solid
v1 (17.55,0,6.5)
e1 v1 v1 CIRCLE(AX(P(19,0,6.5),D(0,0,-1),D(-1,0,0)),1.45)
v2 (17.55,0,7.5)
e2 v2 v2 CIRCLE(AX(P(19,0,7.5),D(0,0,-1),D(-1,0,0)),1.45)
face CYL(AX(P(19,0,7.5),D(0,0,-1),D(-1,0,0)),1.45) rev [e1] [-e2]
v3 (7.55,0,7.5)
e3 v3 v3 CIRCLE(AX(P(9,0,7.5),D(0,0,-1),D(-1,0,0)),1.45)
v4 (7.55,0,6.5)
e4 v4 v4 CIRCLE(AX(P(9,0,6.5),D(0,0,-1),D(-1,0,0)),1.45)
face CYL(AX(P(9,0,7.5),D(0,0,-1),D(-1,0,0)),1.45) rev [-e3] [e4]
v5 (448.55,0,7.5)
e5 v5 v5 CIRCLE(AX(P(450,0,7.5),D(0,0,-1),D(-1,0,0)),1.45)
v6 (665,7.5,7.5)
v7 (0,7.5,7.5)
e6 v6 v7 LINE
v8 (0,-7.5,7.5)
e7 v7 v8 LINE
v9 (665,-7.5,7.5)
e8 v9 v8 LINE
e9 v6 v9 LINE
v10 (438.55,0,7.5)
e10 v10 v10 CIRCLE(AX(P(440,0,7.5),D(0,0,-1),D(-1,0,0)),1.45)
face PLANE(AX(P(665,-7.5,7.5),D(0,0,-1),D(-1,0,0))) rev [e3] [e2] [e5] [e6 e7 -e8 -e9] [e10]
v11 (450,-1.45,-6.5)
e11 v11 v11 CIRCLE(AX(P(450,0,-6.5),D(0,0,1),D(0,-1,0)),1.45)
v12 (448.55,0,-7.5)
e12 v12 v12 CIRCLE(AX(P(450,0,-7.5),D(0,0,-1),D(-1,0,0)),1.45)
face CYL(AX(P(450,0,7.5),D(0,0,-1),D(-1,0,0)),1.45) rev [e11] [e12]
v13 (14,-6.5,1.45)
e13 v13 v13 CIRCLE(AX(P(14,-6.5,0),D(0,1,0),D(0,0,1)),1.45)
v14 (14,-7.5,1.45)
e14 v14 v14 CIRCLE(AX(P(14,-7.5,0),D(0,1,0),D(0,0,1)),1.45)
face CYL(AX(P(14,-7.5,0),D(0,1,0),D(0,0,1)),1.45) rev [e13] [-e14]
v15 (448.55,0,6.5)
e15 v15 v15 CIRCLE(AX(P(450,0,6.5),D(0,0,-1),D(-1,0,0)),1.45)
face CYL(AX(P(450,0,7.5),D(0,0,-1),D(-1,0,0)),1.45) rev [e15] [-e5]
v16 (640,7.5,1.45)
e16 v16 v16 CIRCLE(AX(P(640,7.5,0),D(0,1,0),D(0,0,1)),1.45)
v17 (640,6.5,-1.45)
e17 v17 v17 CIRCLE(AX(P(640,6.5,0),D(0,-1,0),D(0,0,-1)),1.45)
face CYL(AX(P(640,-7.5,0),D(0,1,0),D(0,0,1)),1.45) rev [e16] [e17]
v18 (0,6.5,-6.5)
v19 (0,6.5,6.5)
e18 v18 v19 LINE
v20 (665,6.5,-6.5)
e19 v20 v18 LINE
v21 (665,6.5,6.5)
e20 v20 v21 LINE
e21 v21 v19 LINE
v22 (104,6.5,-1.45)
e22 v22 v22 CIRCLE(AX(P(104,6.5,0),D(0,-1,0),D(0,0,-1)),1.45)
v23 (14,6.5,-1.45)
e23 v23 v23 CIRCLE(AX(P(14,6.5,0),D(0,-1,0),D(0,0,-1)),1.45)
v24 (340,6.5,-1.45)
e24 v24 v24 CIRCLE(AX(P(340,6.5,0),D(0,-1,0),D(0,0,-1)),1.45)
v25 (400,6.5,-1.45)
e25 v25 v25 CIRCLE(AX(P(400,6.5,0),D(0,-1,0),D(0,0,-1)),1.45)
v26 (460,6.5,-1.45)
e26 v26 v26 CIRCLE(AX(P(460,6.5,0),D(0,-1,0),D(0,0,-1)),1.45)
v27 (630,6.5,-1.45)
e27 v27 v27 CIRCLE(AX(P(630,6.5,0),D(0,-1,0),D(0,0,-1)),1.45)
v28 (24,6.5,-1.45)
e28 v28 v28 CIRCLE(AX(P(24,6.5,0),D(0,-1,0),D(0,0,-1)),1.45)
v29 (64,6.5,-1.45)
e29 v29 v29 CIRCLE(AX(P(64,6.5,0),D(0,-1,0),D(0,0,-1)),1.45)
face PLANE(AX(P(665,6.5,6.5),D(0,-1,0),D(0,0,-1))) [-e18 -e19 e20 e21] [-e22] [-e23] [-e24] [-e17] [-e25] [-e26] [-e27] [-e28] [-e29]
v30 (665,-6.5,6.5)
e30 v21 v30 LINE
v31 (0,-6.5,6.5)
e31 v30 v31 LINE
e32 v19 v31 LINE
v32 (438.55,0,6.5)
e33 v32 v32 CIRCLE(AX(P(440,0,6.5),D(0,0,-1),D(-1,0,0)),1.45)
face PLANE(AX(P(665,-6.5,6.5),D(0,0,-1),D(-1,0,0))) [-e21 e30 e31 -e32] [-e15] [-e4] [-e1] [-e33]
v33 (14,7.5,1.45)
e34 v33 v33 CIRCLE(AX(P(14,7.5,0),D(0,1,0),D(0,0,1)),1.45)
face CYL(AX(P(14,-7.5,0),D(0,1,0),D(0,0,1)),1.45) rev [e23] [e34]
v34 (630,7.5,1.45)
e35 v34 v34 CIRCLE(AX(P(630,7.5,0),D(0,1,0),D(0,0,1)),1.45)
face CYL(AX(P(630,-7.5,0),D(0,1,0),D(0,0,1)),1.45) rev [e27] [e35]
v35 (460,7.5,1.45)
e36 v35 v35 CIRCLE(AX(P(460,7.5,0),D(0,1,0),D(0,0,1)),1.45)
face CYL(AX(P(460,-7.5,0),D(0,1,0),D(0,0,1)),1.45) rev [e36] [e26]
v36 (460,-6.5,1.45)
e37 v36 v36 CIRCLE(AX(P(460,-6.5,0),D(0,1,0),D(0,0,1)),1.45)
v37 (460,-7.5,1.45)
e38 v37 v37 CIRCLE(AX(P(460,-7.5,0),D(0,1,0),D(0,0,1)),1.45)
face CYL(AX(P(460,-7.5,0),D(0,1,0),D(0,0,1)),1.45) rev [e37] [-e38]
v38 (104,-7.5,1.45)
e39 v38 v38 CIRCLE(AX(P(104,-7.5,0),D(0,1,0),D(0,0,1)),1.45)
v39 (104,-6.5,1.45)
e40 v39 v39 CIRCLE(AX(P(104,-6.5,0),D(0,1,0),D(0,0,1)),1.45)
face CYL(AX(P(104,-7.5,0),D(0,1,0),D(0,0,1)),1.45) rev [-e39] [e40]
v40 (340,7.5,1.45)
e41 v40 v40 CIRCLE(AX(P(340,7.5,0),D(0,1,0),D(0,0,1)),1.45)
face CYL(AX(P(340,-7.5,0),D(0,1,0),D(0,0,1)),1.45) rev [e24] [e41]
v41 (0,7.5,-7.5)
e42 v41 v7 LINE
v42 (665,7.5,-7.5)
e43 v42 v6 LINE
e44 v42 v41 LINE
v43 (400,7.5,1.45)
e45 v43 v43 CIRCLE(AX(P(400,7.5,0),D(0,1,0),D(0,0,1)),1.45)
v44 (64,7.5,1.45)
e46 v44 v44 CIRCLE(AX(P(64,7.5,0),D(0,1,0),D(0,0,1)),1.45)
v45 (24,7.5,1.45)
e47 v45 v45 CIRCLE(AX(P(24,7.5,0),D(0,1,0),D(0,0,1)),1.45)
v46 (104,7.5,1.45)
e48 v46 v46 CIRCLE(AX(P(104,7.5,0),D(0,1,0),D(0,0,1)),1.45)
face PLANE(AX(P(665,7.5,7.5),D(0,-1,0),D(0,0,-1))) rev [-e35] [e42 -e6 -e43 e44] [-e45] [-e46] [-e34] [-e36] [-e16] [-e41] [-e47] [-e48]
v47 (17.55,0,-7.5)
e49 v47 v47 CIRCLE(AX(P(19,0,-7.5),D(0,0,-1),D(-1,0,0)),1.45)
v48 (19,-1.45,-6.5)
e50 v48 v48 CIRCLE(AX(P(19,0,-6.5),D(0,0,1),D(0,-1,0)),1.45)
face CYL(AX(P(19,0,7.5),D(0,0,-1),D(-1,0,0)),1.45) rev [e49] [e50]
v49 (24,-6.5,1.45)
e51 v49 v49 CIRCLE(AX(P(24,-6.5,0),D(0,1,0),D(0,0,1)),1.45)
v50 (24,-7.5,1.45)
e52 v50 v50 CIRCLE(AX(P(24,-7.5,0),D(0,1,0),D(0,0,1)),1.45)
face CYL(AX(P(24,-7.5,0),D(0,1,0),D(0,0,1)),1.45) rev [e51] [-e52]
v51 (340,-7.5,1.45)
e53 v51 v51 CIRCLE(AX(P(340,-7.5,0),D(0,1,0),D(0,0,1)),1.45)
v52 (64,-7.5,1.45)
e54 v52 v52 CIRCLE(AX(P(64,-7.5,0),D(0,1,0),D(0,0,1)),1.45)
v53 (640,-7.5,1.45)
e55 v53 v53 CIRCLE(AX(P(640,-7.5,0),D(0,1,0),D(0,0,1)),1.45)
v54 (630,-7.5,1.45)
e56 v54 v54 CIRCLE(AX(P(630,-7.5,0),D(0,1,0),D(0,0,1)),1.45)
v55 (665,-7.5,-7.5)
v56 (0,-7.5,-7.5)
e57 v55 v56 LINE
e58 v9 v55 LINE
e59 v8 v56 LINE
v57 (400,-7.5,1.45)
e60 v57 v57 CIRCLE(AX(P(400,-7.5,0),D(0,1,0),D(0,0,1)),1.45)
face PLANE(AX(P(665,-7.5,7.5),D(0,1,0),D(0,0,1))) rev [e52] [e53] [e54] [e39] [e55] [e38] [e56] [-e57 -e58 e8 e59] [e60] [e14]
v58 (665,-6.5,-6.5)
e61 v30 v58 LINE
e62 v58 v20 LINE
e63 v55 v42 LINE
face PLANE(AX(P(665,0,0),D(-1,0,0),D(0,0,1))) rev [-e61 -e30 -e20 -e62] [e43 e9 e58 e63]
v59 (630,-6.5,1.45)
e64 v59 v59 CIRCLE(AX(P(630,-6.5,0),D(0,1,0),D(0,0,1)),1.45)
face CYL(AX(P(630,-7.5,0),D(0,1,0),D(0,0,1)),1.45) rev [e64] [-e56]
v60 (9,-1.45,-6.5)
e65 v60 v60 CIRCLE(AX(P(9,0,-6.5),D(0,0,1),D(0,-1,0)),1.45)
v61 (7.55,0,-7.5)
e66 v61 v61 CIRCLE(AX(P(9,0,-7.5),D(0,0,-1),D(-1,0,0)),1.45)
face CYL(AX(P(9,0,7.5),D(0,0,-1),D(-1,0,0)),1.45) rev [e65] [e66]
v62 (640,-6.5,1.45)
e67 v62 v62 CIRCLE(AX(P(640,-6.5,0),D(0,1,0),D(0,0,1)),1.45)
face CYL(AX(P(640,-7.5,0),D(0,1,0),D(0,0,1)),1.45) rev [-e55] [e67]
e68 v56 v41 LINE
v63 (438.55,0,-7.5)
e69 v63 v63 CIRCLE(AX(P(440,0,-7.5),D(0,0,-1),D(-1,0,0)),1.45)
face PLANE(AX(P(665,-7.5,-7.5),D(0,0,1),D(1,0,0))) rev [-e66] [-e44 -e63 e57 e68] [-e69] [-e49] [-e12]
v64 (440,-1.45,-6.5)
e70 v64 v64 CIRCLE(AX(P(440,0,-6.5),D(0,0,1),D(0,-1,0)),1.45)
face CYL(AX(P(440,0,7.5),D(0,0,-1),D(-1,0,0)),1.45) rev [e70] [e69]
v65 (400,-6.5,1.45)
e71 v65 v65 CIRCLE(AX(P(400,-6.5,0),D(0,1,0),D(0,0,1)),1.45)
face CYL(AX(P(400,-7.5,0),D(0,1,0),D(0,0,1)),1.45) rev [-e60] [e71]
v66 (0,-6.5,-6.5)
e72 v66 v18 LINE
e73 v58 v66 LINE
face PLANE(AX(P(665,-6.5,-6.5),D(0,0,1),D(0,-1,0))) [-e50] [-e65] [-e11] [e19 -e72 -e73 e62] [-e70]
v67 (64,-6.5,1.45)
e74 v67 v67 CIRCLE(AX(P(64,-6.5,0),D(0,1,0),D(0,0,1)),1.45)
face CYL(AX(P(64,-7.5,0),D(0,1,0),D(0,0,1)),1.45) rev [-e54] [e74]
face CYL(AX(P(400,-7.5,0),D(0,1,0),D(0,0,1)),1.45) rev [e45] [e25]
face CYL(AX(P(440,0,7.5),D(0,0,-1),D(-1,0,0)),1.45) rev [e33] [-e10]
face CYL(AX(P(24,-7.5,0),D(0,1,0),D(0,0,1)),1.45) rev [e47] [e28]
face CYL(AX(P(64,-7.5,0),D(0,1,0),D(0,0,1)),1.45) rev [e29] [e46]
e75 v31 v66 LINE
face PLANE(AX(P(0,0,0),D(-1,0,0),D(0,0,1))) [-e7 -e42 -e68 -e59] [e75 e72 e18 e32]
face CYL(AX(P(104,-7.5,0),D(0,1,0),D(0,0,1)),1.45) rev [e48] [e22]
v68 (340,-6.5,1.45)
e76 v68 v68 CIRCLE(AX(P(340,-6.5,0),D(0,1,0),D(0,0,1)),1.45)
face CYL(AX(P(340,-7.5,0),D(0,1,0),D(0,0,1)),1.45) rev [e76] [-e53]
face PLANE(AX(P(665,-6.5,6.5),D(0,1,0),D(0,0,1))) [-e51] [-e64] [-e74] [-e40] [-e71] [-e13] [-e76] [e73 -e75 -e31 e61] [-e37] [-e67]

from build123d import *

# Parameters (mm, degrees)
SKETCH_1_W          = 15
SKETCH_1_H          = 15
SKETCH_1_W_2        = 13
SKETCH_1_H_2        = 13
EXTRUDE_1_DEPTH     = 665
SKETCH_3_R          = 1.45
CUT_EXTRUDE_1_DEPTH = 666.211432554
SKETCH_4_R          = 1.45
CUT_EXTRUDE_2_DEPTH = 666.211432554


with BuildPart() as part:
    # 草图1 → 凸台-拉伸1 (new body)
    with BuildSketch(Plane(origin=(0, 0, 0), x_dir=(0, 0, -1), z_dir=(1, 0, 0))):
        Rectangle(SKETCH_1_W, SKETCH_1_H)
        Rectangle(SKETCH_1_W_2, SKETCH_1_H_2, mode=Mode.SUBTRACT)
    extrude(amount=EXTRUDE_1_DEPTH)

    # 草图3 → 切除-拉伸1 (cut, through all)
    with BuildSketch(Plane(origin=(0, 0, -7.5), x_dir=(-1, 0, 0), z_dir=(0, 0, -1))):
        with Locations((-9, 0)):
            Circle(SKETCH_3_R)
        with Locations((-19, 0)):
            Circle(SKETCH_3_R)
        with Locations((-440, 0)):
            Circle(SKETCH_3_R)
        with Locations((-450, 0)):
            Circle(SKETCH_3_R)
    extrude(amount=-CUT_EXTRUDE_1_DEPTH, mode=Mode.SUBTRACT)

    # 草图4 → 切除-拉伸2 (cut, through all)
    with BuildSketch(Plane(origin=(0, 7.5, 0), x_dir=(1, 0, 0), z_dir=(0, 1, 0))):
        with Locations(Location((630, 0, 0), (0, 0, 270))):
            Circle(SKETCH_4_R)
        with Locations(Location((640, 0, 0), (0, 0, 270))):
            Circle(SKETCH_4_R)
        with Locations(Location((14, 0, 0), (0, 0, 270))):
            Circle(SKETCH_4_R)
        with Locations(Location((24, 0, 0), (0, 0, 270))):
            Circle(SKETCH_4_R)
        with Locations(Location((64, 0, 0), (0, 0, 270))):
            Circle(SKETCH_4_R)
        with Locations(Location((104, 0, 0), (0, 0, 270))):
            Circle(SKETCH_4_R)
        with Locations(Location((340, 0, 0), (0, 0, 270))):
            Circle(SKETCH_4_R)
        with Locations(Location((400, 0, 0), (0, 0, 270))):
            Circle(SKETCH_4_R)
        with Locations(Location((460, 0, 0), (0, 0, 270))):
            Circle(SKETCH_4_R)
    extrude(amount=-CUT_EXTRUDE_2_DEPTH, mode=Mode.SUBTRACT)


solid = part.part
